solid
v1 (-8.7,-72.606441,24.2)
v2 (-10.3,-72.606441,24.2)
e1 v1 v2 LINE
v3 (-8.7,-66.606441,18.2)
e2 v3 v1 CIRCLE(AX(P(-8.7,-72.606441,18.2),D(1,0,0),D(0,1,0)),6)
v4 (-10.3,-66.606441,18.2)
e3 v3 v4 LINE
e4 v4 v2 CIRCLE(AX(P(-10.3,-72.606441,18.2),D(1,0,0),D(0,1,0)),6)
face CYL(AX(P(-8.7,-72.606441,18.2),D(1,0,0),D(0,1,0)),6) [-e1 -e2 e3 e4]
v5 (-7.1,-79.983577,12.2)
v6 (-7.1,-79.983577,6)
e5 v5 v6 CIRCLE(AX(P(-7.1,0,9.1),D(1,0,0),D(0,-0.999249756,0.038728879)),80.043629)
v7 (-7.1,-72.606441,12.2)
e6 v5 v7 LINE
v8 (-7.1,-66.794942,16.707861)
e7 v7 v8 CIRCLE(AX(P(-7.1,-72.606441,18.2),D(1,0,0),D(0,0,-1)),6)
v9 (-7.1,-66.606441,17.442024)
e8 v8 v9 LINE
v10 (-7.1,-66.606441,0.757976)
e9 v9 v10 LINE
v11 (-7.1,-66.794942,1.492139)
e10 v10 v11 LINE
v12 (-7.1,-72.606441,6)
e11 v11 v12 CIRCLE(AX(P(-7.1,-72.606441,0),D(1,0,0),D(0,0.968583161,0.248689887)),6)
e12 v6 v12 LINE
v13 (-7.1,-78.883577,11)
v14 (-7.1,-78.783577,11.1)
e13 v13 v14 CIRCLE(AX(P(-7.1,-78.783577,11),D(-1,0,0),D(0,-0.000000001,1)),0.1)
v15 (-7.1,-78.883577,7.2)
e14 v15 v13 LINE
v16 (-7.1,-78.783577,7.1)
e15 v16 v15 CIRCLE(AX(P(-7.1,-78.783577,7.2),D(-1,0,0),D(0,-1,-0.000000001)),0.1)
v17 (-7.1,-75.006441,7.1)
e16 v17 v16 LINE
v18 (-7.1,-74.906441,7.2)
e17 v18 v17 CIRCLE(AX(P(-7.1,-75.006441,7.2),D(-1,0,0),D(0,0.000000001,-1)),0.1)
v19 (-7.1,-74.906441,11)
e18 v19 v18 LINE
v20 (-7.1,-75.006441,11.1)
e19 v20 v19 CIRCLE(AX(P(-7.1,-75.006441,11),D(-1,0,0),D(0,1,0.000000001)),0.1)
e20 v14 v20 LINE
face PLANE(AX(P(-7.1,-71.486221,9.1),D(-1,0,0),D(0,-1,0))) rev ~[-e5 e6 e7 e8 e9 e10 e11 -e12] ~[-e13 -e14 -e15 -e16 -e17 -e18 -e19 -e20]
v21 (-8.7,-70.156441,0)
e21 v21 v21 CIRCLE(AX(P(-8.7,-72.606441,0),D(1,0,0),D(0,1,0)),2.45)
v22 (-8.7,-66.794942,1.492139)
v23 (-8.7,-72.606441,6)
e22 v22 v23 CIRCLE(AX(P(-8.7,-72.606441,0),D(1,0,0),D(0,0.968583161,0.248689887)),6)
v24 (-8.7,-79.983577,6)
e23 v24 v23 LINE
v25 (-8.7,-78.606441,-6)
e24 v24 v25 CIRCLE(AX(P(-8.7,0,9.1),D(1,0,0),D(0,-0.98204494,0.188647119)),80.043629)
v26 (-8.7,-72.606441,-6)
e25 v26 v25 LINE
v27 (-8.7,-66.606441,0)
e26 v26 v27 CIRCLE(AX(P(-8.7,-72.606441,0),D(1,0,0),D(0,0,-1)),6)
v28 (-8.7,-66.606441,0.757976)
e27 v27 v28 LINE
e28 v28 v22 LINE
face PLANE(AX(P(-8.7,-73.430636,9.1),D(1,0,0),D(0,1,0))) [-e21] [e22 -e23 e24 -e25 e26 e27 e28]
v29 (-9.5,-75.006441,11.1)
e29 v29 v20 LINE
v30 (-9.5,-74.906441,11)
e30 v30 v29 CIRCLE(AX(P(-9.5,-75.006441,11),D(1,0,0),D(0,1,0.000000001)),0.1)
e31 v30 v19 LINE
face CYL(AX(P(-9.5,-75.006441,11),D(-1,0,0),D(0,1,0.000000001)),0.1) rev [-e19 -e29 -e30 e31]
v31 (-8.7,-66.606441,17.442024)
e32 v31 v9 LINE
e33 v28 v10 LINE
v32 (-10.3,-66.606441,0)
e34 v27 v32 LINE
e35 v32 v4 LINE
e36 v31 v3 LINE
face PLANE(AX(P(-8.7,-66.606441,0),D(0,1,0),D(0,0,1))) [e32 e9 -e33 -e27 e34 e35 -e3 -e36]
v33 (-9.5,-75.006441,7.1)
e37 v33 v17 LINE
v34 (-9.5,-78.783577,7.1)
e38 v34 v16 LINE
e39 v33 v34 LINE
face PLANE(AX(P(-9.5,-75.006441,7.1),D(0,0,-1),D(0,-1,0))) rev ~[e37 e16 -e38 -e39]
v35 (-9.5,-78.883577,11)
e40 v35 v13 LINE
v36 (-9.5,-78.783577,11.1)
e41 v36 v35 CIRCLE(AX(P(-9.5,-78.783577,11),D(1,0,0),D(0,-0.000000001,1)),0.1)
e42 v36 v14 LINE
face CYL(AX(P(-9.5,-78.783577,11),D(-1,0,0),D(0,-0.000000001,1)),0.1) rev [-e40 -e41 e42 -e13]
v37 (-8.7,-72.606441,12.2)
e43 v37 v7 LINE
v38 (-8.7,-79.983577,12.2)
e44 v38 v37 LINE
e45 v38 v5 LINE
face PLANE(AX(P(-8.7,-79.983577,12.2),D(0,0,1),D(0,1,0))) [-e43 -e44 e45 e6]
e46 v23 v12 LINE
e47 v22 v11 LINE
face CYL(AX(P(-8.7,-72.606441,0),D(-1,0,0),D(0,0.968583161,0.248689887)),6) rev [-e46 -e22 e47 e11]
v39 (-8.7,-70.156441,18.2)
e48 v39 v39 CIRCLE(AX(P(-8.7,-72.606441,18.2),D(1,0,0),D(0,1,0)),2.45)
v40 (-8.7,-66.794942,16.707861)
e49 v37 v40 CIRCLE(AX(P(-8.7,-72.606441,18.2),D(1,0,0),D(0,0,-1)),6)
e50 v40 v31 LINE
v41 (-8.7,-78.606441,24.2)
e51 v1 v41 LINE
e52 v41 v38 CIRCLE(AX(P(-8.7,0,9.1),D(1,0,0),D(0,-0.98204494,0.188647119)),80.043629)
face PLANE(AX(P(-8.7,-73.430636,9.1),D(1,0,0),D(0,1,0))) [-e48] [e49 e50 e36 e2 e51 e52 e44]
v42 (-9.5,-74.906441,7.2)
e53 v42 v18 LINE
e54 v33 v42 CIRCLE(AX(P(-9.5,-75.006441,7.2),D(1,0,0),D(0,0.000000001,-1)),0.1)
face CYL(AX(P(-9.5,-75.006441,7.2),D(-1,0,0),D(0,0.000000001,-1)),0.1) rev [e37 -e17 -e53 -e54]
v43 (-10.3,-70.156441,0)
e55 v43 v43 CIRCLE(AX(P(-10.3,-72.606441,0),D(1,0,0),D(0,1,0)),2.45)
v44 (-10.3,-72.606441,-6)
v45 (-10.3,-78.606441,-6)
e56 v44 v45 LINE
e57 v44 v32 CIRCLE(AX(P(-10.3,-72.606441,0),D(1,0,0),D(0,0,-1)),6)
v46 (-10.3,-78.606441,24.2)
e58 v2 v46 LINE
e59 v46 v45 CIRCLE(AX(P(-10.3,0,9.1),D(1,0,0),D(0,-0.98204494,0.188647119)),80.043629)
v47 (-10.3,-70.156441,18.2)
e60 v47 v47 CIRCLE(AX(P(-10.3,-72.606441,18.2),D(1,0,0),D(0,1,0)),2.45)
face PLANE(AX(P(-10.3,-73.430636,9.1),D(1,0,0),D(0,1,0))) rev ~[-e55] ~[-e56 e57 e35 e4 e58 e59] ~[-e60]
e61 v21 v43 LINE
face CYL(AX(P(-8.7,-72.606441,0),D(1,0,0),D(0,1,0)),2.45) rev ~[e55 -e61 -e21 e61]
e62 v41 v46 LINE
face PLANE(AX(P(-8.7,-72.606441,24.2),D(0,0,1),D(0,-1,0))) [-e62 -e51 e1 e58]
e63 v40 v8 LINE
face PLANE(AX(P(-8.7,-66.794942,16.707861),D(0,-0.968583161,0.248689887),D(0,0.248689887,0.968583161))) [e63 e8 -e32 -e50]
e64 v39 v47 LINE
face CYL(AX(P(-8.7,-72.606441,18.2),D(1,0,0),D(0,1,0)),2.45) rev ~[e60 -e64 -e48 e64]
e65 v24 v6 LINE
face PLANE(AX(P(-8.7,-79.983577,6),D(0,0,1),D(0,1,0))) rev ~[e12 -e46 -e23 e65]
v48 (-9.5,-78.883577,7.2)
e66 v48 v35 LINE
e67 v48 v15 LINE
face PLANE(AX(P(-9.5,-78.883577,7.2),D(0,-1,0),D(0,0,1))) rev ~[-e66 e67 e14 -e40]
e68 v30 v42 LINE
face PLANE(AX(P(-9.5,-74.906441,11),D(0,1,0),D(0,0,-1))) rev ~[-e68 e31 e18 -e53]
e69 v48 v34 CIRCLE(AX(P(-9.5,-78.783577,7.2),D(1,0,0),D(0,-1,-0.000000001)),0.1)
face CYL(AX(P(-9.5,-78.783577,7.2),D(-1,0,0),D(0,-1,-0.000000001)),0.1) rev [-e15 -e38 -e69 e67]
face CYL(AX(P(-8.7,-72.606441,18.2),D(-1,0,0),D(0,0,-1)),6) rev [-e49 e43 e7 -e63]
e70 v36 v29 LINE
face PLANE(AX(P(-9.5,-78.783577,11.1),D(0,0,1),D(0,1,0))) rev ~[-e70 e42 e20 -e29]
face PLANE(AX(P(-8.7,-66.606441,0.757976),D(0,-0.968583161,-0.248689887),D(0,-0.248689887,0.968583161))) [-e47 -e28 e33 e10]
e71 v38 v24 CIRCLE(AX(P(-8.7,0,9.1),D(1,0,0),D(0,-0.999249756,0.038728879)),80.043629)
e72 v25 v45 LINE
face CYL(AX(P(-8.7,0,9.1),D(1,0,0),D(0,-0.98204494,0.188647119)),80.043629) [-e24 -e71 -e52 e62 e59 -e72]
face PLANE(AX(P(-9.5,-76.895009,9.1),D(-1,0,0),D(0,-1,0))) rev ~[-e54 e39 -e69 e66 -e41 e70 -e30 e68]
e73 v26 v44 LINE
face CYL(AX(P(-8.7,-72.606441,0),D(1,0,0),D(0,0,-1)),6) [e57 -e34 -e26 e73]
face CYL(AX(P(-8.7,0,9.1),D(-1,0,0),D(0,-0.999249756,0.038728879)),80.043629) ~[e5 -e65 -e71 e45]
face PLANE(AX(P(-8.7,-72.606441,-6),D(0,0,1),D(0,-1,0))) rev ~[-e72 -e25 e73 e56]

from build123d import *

# Parameters (mm, degrees)
SKETCH004_R  = 2.45
PAD003_DEPTH = 1.6
PAD004_DEPTH = 1.6
POCKET_DEPTH = 2.401


with BuildPart() as part:
    # Sketch004 → Pad003 (new body)
    with BuildSketch(Plane.YZ.offset(-8.7)):
        with BuildLine():
            ThreePointArc((6, 18.2), (4.2426406871, 22.4426406871), (0, 24.2))
            Line((0, 24.2), (-6, 24.2))
            ThreePointArc((-6, 24.2), (-7.4371881489, 9.1), (-6, -6))
            Line((0, -6), (-6, -6))
            ThreePointArc((0, -6), (4.2426406871, -4.2426406871), (6, 0))
            Line((6, 0), (6, 18.2))
        make_face()
        with Locations((0, 18.2)):
            Circle(SKETCH004_R, mode=Mode.SUBTRACT)
        Circle(SKETCH004_R, mode=Mode.SUBTRACT)
    extrude(amount=-PAD003_DEPTH)

    # Sketch005 → Pad004 (join)
    with BuildSketch(Plane.YZ.offset(-8.7)):
        with BuildLine():
            ThreePointArc((0, 12.2), (3.6774423219, 13.4590699257), (5.8114989668, 16.707860677))
            Line((5.8114989668, 16.707860677), (6, 17.4420237293))
            Line((6, 17.4420237293), (6, 0.7579762707))
            Line((6, 0.7579762707), (5.8114989668, 1.492139323))
            ThreePointArc((5.8114989668, 1.492139323), (3.6774423219, 4.7409300743), (0, 6))
            Line((-7.3771358599, 6), (0, 6))
            ThreePointArc((-7.3771358599, 12.2), (-7.4371881489, 9.1), (-7.3771358599, 6))
            Line((-7.3771358599, 12.2), (0, 12.2))
        make_face()
    extrude(amount=PAD004_DEPTH)

    # Sketch065 (on Face1 of Binder015) → Pocket (cut, through all)
    with BuildSketch(Plane(origin=(-9.5, 0, 0), x_dir=(0, -1, 0), z_dir=(-1, 0, 0))):
        with BuildLine():
            Line((6.1771358599, 11.1), (2.4, 11.1))
            ThreePointArc((2.3, 11), (2.3292893219, 11.0707106781), (2.4, 11.1))
            Line((2.3, 11), (2.3, 7.2))
            ThreePointArc((2.4, 7.1), (2.3292893219, 7.1292893219), (2.3, 7.2))
            Line((2.4, 7.1), (6.1771358599, 7.1))
            ThreePointArc((6.2771358599, 7.2), (6.247846538, 7.1292893219), (6.1771358599, 7.1))
            Line((6.2771358599, 7.2), (6.2771358599, 11))
            ThreePointArc((6.1771358599, 11.1), (6.247846538, 11.0707106781), (6.2771358599, 11))
        make_face()
    extrude(amount=-POCKET_DEPTH, mode=Mode.SUBTRACT)


with BuildPart() as part_1:
    # Body005 placement: moved
    add(part.part.moved(Location((0, -72.6064407756, 0))))


solid = part_1.part
